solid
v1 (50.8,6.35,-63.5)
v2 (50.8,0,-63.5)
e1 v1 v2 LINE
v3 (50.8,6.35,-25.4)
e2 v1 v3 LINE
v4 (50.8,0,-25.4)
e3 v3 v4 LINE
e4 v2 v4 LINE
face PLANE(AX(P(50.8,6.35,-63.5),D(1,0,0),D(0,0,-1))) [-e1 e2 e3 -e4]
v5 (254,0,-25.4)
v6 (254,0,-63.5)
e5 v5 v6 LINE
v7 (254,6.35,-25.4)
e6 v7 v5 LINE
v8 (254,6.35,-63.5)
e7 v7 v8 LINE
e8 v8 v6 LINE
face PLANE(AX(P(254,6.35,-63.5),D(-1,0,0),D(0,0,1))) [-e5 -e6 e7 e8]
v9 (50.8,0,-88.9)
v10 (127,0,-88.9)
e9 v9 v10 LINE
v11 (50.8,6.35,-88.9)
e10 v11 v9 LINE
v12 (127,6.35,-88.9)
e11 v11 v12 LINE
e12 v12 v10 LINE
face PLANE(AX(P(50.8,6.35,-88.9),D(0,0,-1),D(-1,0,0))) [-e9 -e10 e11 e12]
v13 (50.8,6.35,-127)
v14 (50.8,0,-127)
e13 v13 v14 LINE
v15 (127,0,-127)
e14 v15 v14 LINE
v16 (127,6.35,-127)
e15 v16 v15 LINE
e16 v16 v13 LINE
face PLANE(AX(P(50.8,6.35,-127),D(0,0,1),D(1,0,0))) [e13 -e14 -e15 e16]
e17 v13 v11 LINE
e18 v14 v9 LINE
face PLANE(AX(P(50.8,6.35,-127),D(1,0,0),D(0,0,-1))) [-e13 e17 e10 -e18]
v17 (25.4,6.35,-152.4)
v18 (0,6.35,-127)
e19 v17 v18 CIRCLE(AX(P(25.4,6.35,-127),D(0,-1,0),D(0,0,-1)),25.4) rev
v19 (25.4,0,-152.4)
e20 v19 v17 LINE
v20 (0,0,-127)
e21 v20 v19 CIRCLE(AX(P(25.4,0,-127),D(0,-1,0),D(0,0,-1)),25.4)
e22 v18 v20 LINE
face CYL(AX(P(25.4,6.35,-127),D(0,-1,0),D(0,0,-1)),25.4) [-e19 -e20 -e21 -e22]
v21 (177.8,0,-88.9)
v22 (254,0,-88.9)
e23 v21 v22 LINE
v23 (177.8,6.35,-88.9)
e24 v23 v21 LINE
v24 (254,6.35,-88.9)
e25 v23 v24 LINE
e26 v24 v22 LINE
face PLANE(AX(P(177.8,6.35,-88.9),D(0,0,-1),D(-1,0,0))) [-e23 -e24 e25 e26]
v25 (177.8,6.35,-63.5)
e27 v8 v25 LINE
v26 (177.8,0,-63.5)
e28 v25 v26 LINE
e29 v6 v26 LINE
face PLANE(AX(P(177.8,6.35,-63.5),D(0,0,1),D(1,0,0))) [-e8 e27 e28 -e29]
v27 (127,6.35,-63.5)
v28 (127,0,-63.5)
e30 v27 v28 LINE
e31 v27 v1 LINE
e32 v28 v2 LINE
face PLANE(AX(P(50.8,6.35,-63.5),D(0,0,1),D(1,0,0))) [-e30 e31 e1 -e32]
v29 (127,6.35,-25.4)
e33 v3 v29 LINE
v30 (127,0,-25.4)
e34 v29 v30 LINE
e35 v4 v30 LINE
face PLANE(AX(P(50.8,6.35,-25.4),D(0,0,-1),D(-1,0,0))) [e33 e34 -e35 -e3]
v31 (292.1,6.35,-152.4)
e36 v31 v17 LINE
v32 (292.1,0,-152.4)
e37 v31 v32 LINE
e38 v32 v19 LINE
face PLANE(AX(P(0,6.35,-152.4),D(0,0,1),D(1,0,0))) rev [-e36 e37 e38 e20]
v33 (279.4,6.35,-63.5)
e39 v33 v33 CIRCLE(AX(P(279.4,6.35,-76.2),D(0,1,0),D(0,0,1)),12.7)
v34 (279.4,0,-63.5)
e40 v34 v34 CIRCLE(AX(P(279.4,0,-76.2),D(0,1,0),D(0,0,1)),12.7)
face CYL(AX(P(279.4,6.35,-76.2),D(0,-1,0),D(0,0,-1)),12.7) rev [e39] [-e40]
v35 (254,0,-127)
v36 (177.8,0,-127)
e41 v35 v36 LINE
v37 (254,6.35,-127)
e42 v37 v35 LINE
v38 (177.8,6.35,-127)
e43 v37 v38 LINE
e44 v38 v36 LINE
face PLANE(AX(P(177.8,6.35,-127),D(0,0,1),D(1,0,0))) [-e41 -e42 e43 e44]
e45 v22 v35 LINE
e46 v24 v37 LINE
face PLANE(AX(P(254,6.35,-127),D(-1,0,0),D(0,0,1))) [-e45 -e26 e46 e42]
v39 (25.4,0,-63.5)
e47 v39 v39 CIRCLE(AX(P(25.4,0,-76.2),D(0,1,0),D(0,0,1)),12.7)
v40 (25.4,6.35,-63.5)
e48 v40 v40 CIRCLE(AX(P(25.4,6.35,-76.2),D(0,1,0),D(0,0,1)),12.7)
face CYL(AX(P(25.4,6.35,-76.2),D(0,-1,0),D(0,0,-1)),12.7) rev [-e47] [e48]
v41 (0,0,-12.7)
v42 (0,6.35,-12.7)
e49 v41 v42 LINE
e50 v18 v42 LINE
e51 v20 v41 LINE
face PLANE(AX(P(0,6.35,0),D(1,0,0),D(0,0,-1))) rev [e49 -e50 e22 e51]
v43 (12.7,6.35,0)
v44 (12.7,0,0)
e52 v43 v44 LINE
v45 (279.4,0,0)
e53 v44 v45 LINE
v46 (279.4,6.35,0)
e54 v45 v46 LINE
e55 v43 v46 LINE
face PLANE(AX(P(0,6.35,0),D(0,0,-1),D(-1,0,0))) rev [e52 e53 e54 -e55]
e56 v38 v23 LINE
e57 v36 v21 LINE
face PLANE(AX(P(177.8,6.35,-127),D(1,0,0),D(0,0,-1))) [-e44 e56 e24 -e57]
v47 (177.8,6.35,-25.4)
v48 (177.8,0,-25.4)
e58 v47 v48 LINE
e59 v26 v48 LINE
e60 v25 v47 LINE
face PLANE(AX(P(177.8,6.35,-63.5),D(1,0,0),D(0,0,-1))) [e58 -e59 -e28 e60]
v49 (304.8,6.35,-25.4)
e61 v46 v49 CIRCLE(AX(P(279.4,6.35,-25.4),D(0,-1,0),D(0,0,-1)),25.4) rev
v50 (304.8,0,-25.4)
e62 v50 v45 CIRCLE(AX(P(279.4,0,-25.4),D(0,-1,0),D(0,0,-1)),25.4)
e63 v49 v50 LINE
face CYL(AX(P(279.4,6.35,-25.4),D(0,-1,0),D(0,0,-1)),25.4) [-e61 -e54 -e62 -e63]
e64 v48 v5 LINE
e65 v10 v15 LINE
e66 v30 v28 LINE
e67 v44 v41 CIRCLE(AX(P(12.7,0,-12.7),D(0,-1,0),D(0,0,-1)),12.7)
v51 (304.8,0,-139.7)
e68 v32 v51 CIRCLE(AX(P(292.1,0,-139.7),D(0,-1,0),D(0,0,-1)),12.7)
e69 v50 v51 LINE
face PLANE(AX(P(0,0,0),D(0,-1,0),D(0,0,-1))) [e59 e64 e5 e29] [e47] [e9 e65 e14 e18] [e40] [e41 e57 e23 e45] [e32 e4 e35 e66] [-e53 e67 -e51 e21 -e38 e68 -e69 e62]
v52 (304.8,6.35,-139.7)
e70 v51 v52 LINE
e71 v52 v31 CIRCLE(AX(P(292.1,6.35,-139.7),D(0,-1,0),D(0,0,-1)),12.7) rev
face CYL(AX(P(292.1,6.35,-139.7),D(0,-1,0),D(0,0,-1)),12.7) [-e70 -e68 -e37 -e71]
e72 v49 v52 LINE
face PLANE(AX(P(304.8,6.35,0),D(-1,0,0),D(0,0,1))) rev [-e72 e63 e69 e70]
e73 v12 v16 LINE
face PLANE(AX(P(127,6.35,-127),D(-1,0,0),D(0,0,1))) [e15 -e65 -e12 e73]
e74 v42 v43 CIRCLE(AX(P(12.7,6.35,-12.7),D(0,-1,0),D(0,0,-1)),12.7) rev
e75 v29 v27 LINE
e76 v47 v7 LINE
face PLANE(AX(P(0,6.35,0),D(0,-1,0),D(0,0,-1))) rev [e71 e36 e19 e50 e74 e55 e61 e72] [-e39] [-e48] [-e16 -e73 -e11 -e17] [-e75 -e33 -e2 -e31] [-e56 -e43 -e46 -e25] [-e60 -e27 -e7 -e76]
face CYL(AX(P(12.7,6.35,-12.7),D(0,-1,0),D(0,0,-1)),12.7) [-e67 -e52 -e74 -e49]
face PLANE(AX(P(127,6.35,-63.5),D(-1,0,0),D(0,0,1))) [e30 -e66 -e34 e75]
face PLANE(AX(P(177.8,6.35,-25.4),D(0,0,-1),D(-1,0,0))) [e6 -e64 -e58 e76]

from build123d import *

# Parameters (mm, degrees)
SKETCH1_W           = 304.8
SKETCH1_H           = 152.4
SKETCH1_R           = 12.7
SKETCH1_W_2         = 76.2
SKETCH1_H_2         = 38.1
BOSS_EXTRUDE1_DEPTH = 6.35
FILLET2_R           = 25.4
FILLET3_R           = 12.7


with BuildPart() as part:
    # Sketch1 → Boss-Extrude1 (new body)
    with BuildSketch(Plane(origin=(0, 0, 0), x_dir=(1, 0, 0), z_dir=(0, 1, 0))):
        with Locations((152.4, 76.2)):
            Rectangle(SKETCH1_W, SKETCH1_H)
        with Locations(Location((25.4, 76.2, 0), (0, 0, 270))):
            Circle(SKETCH1_R, mode=Mode.SUBTRACT)
        with Locations(Location((279.4, 76.2, 0), (0, 0, 270))):
            Circle(SKETCH1_R, mode=Mode.SUBTRACT)
        with Locations((88.9, 107.95)):
            Rectangle(SKETCH1_W_2, SKETCH1_H_2, mode=Mode.SUBTRACT)
        with Locations((88.9, 44.45)):
            Rectangle(SKETCH1_W_2, SKETCH1_H_2, mode=Mode.SUBTRACT)
        with Locations((215.9, 107.95)):
            Rectangle(SKETCH1_W_2, SKETCH1_H_2, mode=Mode.SUBTRACT)
        with Locations((215.9, 44.45)):
            Rectangle(SKETCH1_W_2, SKETCH1_H_2, mode=Mode.SUBTRACT)
    extrude(amount=BOSS_EXTRUDE1_DEPTH)

    # Fillet2
    fillet2_edges = [part.edges().sort_by_distance(p)[0] for p in [
        (0, 3.175, -152.4),
        (304.8, 3.175, 0),
    ]]
    fillet(fillet2_edges, radius=FILLET2_R)

    # Fillet3
    fillet3_edges = [part.edges().sort_by_distance(p)[0] for p in [
        (304.8, 3.175, -152.4),
        (0, 3.175, 0),
    ]]
    fillet(fillet3_edges, radius=FILLET3_R)


solid = part.part
